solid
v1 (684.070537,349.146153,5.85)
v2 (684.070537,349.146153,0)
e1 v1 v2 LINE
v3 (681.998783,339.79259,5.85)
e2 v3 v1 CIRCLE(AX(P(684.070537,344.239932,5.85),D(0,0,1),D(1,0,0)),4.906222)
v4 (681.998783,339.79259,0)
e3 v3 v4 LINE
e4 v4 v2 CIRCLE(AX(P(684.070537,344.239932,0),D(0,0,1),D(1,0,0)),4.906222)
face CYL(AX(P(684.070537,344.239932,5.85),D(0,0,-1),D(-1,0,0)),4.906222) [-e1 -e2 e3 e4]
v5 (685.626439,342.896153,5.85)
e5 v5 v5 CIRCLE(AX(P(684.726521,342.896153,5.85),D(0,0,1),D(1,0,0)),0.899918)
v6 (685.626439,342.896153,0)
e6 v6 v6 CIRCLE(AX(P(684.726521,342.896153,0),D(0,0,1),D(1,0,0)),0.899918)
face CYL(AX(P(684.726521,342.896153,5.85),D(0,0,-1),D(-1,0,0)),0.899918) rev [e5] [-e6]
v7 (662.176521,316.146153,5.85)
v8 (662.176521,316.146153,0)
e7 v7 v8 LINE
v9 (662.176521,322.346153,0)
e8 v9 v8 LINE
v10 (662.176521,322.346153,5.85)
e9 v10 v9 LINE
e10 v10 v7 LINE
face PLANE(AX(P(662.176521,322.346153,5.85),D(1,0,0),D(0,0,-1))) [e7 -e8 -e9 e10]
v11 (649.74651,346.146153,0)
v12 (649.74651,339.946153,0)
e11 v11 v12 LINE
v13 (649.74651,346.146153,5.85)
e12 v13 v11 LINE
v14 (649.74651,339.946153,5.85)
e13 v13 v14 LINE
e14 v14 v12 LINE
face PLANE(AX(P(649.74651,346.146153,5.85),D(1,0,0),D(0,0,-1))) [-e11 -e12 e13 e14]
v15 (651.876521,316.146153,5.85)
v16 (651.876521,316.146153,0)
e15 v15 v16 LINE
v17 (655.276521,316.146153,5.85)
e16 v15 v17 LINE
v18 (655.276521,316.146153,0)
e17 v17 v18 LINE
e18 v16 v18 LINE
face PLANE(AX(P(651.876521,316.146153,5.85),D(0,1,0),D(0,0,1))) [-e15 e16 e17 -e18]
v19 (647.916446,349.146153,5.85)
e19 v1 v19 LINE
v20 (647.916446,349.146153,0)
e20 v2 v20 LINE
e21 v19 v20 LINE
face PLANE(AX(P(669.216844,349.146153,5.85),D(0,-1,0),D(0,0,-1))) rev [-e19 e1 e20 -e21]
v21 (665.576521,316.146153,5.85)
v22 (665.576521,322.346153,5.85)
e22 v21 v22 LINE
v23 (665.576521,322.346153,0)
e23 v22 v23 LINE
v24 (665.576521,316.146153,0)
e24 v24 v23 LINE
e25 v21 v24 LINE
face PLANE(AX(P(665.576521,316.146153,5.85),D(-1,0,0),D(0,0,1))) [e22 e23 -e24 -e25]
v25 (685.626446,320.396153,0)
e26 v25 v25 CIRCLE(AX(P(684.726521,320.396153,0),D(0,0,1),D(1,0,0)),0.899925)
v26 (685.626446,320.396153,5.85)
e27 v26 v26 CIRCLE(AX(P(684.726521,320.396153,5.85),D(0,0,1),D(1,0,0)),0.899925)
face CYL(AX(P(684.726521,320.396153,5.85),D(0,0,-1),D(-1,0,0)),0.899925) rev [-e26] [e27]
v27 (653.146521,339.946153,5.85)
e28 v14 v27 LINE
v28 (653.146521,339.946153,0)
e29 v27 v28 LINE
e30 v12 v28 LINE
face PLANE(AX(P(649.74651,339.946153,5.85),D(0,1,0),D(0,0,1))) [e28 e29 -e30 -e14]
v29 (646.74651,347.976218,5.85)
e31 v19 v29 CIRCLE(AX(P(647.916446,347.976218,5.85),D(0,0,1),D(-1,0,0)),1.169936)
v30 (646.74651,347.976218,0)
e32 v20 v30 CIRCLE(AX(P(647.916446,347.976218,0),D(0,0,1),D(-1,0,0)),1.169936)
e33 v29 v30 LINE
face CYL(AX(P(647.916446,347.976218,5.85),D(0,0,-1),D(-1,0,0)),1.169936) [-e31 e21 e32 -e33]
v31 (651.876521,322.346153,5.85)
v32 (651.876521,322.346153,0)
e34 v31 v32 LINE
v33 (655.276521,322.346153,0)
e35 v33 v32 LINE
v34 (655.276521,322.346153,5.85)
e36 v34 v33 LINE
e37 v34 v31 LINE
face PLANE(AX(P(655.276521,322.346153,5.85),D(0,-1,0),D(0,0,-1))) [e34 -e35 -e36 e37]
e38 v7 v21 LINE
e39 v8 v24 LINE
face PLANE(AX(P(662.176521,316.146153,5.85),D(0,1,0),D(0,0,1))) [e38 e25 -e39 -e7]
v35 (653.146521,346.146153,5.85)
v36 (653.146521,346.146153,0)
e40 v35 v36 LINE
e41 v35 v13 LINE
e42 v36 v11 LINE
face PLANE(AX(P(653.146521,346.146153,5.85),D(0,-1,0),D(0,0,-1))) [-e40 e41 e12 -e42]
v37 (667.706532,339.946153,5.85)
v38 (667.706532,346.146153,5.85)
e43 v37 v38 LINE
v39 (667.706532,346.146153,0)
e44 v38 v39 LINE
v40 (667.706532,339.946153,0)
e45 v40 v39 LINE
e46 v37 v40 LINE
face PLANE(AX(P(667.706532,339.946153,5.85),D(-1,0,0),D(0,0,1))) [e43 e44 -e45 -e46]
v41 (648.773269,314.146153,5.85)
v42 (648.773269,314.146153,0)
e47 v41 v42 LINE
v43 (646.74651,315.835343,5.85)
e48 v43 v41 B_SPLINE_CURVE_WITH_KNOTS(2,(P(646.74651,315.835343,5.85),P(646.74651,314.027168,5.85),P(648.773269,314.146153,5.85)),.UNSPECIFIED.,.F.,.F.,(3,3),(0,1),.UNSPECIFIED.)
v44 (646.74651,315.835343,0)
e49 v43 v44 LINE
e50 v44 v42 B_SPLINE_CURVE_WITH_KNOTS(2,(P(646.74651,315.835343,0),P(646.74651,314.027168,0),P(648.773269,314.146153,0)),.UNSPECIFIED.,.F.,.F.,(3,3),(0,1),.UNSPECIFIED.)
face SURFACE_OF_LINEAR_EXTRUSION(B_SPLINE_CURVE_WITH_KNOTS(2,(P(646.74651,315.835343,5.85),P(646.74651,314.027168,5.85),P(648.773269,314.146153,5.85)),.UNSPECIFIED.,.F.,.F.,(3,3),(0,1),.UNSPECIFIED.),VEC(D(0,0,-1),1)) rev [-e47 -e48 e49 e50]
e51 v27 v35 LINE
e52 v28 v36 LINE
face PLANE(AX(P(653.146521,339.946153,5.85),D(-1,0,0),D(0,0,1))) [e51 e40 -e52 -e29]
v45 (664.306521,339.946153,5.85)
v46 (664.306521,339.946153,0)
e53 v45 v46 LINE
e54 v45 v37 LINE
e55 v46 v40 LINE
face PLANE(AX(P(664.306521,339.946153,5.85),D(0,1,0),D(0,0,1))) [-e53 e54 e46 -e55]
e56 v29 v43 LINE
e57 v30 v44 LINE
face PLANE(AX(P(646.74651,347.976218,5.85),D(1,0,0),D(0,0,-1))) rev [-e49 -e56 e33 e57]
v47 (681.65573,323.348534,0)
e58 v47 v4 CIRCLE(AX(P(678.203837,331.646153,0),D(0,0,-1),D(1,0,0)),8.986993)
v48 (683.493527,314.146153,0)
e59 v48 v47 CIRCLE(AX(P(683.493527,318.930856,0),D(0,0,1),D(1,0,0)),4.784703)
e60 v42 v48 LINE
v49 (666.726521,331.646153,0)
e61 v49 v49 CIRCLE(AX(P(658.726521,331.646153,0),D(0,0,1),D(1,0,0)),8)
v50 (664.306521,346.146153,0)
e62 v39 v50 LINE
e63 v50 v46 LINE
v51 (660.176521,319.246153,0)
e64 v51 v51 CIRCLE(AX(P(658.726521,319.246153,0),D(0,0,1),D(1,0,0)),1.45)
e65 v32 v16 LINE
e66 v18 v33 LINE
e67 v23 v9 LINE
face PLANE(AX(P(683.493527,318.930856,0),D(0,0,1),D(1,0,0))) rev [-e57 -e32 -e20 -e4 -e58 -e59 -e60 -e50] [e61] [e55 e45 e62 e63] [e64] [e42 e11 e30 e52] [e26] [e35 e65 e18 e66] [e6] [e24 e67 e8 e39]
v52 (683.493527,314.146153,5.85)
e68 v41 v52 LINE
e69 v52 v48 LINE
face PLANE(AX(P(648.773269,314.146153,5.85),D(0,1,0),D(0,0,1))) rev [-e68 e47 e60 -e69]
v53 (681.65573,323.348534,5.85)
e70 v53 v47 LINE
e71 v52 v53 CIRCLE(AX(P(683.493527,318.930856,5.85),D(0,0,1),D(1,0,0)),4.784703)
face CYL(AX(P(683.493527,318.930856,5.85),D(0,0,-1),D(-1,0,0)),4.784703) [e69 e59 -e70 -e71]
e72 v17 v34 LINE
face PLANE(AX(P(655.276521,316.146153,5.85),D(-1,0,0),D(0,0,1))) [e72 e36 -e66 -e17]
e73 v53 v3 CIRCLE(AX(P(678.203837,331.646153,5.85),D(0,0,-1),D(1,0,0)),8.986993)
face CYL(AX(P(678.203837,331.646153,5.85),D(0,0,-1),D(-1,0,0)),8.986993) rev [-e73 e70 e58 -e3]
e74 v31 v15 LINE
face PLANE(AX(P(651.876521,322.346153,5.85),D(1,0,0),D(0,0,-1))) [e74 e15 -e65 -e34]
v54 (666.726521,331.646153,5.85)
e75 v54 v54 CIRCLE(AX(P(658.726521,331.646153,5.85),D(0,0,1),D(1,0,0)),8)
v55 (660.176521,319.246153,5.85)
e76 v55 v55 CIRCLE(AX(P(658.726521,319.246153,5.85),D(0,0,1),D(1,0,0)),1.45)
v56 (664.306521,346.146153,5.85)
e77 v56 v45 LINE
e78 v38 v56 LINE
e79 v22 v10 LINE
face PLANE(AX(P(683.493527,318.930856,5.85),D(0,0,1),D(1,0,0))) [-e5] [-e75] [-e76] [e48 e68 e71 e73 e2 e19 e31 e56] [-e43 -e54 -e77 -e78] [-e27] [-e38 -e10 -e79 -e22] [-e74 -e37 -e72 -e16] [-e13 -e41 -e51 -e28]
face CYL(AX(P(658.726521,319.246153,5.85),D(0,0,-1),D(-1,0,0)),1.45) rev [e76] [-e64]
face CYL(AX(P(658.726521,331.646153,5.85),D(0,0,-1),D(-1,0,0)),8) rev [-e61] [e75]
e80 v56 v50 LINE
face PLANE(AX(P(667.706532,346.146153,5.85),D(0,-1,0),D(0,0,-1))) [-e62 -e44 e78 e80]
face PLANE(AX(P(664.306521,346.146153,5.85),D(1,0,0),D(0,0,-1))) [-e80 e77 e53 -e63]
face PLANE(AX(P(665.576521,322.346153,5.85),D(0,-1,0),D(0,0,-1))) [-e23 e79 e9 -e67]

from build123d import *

# Parameters (mm, degrees)
SKETCH1_R           = 0.899918091
SKETCH1_R_2         = 0.899925125
SKETCH1_R_3         = 1.45
SKETCH1_R_4         = 8
SKETCH1_W           = 3.400011
SKETCH1_H           = 6.2
SKETCH1_W_2         = 3.4
BOSS_EXTRUDE2_DEPTH = 5.85


with BuildPart() as part:
    # Sketch1 → Boss-Extrude2 (new body)
    with BuildSketch(Plane.XY):
        with BuildLine():
            Line((669.21684417, 349.14615334), (647.916445931, 349.14615334))
            ThreePointArc((647.916445931, 349.14615334), (647.089176563, 348.803487148), (646.746510371, 347.976217781))
            Line((646.746510371, 347.976217781), (646.746510371, 315.835342781))
            add(Edge.make_bspline(
                [(646.746510371, 315.835342781), (646.746510371, 314.02716752), (648.773268796, 314.14615334)],
                knots=[0, 0, 0, 1, 1, 1], degree=2))
            Line((648.773268796, 314.14615334), (669.21684417, 314.14615334))
            Line((669.21684417, 314.14615334), (683.493527466, 314.14615334))
            ThreePointArc((683.493527466, 314.14615334), (688.18557682, 319.867900287), (681.655729571, 323.348533873))
            ThreePointArc((681.655729571, 323.348533873), (669.218799175, 331.833597772), (681.99878285, 339.792590441))
            ThreePointArc((681.99878285, 339.792590441), (688.860665305, 343.178948939), (684.070537296, 349.14615334))
            Line((684.070537296, 349.14615334), (669.21684417, 349.14615334))
        make_face()
        with Locations((684.726521371, 342.89615334)):
            Circle(SKETCH1_R, mode=Mode.SUBTRACT)
        with Locations((684.726521371, 320.39615334)):
            Circle(SKETCH1_R_2, mode=Mode.SUBTRACT)
        with Locations((658.726521371, 319.24615334)):
            Circle(SKETCH1_R_3, mode=Mode.SUBTRACT)
        with Locations((658.726521371, 331.64615334)):
            Circle(SKETCH1_R_4, mode=Mode.SUBTRACT)
        with Locations((651.446515871, 343.04615334)):
            Rectangle(SKETCH1_W, SKETCH1_H, mode=Mode.SUBTRACT)
        with Locations((653.576521371, 319.24615334)):
            Rectangle(SKETCH1_W_2, SKETCH1_H, mode=Mode.SUBTRACT)
        with Locations((666.006526871, 343.04615334)):
            Rectangle(SKETCH1_W, SKETCH1_H, mode=Mode.SUBTRACT)
        with Locations((663.876521371, 319.24615334)):
            Rectangle(SKETCH1_W_2, SKETCH1_H, mode=Mode.SUBTRACT)
    extrude(amount=BOSS_EXTRUDE2_DEPTH)


solid = part.part
